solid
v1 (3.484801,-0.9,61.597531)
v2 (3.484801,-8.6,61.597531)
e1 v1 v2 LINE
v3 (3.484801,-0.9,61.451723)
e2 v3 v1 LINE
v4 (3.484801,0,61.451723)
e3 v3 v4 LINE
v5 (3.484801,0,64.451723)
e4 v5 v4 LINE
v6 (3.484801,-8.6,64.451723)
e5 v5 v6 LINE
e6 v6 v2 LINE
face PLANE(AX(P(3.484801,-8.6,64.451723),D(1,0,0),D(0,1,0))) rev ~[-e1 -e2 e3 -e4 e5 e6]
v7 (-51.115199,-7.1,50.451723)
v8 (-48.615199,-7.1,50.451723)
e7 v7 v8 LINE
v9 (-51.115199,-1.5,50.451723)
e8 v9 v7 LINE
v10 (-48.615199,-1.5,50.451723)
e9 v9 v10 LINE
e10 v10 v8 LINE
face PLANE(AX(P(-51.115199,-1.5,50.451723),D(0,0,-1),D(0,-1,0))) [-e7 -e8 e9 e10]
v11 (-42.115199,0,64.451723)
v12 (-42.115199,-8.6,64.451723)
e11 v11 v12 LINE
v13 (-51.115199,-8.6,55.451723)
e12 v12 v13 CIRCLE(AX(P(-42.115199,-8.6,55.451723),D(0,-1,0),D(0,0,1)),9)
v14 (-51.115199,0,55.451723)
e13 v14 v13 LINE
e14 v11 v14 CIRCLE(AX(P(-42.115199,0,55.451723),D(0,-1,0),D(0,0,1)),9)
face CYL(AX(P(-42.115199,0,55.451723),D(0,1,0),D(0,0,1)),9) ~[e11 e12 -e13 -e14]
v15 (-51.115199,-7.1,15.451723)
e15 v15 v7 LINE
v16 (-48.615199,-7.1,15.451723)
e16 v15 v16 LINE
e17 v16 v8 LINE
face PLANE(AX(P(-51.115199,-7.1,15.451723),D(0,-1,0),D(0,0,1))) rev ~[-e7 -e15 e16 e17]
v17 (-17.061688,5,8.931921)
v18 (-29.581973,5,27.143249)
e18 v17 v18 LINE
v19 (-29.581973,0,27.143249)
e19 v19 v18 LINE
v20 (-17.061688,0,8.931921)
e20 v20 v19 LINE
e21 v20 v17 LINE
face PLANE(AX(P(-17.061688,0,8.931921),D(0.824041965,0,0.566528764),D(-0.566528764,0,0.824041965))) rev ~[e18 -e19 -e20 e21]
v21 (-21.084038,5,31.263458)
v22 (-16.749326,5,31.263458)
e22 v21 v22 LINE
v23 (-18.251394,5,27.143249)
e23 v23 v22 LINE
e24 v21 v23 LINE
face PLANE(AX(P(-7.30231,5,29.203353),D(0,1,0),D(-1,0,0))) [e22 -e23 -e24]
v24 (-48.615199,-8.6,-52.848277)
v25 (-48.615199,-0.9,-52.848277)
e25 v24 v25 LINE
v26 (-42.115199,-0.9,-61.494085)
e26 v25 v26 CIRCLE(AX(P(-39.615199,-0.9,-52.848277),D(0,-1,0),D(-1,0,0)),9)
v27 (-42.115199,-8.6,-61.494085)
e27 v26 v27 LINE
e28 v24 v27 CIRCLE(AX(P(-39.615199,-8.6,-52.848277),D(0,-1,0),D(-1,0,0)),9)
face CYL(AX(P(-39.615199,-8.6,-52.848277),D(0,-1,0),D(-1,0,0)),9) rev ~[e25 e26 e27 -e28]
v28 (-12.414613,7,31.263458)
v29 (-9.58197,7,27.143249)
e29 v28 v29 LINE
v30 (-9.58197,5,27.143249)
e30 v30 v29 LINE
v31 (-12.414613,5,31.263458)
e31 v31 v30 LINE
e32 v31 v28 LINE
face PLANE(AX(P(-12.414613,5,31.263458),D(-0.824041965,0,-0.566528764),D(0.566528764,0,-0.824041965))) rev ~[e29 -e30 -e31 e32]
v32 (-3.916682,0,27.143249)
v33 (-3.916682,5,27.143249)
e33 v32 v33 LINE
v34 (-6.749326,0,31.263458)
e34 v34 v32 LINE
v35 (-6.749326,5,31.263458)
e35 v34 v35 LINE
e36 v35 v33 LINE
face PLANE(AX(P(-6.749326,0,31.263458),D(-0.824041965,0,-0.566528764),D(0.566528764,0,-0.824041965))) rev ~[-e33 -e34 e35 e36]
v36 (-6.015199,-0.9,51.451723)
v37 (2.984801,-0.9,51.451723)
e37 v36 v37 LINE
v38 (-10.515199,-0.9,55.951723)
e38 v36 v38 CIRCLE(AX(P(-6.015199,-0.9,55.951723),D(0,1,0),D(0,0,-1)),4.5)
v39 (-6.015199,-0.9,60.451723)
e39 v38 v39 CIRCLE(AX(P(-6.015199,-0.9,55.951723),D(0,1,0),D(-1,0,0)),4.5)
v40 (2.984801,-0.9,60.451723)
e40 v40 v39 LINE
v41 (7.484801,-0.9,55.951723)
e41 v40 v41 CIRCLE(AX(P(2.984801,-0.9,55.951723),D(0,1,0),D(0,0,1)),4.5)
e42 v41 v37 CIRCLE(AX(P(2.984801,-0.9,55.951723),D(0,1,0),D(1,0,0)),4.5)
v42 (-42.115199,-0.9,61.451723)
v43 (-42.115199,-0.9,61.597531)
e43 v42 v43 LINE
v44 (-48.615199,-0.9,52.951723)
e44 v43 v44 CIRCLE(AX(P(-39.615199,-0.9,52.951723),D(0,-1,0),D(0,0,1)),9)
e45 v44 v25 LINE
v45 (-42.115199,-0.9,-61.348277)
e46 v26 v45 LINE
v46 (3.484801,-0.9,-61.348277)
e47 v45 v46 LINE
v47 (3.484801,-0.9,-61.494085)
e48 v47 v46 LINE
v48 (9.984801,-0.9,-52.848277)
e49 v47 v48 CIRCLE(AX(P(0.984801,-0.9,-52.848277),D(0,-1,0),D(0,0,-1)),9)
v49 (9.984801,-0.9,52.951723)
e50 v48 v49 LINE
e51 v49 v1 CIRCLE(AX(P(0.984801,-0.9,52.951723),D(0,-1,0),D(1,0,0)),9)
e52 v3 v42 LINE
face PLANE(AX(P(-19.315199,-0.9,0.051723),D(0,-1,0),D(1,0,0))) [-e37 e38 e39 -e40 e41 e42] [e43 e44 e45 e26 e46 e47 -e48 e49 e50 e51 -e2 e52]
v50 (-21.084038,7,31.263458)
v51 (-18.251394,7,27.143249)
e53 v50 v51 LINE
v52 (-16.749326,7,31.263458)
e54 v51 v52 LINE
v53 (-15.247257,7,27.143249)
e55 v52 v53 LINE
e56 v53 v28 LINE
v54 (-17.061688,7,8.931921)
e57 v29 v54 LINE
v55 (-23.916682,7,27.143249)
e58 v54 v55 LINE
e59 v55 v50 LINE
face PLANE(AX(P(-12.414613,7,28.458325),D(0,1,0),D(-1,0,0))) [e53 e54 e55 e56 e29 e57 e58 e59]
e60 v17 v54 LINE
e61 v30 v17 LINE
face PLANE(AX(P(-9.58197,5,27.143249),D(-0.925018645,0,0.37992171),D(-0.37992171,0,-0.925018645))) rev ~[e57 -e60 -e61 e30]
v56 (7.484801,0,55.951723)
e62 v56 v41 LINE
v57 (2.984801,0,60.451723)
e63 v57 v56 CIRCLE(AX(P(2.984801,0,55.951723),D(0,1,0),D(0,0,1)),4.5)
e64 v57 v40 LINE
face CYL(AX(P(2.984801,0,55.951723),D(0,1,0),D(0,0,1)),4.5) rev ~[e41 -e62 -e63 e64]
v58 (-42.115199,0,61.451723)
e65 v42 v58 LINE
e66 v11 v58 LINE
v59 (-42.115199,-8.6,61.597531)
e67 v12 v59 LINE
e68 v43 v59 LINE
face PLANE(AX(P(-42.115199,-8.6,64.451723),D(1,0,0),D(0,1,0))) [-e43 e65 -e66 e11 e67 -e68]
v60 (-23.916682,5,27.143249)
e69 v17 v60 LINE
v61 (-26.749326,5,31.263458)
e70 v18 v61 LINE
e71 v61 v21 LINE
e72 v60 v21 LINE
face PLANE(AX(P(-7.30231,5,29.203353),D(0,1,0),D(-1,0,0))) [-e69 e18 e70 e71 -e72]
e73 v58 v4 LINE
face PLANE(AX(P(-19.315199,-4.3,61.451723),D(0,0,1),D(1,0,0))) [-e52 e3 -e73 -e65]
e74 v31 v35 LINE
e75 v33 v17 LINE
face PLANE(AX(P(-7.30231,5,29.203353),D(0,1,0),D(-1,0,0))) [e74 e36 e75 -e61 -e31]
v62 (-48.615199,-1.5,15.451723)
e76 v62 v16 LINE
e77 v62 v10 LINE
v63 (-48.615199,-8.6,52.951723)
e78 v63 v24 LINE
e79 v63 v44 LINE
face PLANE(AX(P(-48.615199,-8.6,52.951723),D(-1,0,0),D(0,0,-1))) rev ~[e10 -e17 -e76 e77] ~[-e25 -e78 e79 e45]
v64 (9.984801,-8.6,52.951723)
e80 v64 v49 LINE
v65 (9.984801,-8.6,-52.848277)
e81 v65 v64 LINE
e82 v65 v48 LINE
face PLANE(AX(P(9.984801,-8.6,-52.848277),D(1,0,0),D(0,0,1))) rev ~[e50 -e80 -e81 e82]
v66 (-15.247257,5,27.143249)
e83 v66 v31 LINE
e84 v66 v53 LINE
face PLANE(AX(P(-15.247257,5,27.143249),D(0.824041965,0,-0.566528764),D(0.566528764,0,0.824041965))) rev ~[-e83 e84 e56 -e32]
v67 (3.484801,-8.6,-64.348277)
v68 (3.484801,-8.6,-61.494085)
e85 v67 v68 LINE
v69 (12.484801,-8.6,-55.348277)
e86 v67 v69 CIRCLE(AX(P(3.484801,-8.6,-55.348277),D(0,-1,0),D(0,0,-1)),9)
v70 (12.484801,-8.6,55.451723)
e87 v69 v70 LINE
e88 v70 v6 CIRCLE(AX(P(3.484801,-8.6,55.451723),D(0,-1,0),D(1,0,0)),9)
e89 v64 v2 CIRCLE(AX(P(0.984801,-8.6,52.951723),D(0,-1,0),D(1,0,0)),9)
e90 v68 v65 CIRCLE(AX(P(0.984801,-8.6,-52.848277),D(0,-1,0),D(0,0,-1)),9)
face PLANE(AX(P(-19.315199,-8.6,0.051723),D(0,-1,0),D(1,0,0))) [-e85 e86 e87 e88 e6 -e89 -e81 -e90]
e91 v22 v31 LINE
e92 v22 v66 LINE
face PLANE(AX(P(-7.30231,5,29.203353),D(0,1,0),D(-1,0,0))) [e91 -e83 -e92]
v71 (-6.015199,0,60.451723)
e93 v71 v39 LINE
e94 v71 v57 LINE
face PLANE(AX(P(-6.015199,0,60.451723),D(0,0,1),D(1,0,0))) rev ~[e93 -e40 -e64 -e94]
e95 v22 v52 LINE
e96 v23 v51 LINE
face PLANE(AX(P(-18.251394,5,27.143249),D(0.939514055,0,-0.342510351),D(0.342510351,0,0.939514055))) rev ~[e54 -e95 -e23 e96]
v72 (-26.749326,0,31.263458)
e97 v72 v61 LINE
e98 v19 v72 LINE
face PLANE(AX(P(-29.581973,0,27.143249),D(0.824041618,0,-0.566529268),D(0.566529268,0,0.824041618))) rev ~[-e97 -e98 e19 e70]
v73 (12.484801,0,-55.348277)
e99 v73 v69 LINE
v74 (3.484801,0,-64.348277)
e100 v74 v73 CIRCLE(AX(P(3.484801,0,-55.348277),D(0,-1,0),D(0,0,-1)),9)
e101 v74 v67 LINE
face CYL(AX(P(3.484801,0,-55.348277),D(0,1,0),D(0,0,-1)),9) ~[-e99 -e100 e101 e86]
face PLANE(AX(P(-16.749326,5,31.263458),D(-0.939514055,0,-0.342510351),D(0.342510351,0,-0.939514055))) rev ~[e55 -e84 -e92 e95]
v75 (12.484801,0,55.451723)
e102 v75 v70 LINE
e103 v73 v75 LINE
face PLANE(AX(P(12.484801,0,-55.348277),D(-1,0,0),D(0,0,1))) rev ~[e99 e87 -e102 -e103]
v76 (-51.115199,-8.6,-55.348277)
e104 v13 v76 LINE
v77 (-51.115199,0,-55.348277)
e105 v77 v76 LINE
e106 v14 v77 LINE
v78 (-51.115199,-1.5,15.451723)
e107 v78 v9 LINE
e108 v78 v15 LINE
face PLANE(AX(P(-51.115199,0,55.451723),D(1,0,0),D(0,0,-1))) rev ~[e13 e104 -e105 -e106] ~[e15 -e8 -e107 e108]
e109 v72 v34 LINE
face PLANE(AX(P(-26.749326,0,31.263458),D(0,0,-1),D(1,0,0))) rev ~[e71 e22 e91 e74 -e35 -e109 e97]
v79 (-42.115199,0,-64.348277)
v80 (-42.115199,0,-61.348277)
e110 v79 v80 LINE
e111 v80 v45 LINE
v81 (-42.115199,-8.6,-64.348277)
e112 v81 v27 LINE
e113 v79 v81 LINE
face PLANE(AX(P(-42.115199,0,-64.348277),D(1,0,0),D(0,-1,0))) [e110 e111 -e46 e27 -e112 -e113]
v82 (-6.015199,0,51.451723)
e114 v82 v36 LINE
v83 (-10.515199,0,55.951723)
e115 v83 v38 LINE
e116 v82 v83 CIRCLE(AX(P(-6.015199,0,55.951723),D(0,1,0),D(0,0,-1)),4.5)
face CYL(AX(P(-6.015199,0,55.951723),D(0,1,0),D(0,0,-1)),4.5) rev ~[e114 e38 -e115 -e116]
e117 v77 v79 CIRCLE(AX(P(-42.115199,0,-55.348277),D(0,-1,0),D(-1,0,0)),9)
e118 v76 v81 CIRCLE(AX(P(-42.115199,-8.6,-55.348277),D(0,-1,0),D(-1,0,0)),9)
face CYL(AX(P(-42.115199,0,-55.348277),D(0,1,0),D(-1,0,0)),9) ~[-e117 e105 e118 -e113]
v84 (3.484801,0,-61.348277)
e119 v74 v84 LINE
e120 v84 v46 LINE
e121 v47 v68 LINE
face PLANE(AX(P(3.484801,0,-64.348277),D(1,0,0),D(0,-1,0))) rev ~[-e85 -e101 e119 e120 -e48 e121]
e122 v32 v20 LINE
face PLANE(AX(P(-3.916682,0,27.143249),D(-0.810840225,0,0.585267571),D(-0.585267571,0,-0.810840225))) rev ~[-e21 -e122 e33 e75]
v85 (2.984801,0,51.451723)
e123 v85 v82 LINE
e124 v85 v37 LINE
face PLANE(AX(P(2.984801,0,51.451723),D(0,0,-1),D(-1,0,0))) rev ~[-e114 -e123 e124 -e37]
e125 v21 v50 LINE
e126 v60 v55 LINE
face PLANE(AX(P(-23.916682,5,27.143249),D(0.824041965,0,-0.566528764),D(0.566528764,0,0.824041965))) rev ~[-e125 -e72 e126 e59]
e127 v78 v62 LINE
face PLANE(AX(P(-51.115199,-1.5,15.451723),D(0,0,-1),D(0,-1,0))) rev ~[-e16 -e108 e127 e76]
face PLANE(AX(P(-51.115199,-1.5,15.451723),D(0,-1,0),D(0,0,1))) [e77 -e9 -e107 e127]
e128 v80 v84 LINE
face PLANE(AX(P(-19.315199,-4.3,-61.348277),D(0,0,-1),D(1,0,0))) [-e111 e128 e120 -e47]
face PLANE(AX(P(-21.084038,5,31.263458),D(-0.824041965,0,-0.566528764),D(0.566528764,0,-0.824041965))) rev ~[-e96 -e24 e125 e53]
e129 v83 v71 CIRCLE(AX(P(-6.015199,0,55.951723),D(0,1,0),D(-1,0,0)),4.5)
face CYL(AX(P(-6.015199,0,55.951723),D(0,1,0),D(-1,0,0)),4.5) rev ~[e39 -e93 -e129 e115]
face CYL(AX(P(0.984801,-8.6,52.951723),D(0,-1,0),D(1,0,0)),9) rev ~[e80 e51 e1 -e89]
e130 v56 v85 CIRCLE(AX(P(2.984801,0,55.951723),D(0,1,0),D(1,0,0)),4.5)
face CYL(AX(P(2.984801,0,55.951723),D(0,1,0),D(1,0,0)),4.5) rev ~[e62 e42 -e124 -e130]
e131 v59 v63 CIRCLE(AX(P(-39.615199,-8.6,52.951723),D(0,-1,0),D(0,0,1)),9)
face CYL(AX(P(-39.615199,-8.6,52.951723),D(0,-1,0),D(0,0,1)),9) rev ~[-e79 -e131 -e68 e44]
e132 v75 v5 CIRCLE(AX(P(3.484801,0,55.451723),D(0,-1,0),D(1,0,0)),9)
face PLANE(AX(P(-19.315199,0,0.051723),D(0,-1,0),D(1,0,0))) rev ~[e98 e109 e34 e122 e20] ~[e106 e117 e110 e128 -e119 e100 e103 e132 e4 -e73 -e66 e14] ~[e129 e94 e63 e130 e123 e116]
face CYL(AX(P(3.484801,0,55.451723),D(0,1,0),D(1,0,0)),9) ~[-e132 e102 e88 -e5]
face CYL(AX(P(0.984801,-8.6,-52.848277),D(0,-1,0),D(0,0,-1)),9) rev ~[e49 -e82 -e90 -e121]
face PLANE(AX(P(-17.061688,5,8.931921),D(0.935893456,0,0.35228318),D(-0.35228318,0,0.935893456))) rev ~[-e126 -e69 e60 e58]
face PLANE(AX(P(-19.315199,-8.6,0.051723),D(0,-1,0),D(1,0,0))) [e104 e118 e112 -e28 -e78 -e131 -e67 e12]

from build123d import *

# Parameters (mm, degrees)
F1_DEPTH  = 8.6
F3_DEPTH  = 7.7
F5_DEPTH  = 5
F6_W      = 45.6
F6_H      = 8.6
F7_DEPTH  = 3
F8_W      = 5.6
F8_H      = 35
F9_DEPTH  = 14.2
F10_W     = 45.6
F10_H     = 8.6
F11_DEPTH = 3
F13_DEPTH = 5
F15_DEPTH = 2


with BuildPart() as f1:
    # F0 (on Front) → F1 (new body)
    with BuildSketch(Plane.XZ):
        with BuildLine():
            Line((3.4848013847, 64.4517231077), (-42.1151986153, 64.4517231077))
            ThreePointArc((-42.1151986153, 64.4517231077), (-48.479159646, 61.8156841384), (-51.1151986153, 55.4517231077))
            Line((-51.1151986153, 55.4517231077), (-51.1151986153, -55.3482768923))
            ThreePointArc((-51.1151986153, -55.3482768923), (-48.479159646, -61.712237923), (-42.1151986153, -64.3482768923))
            Line((-42.1151986153, -64.3482768923), (3.4848013847, -64.3482768923))
            ThreePointArc((3.4848013847, -64.3482768923), (9.8487624154, -61.712237923), (12.4848013847, -55.3482768923))
            Line((12.4848013847, -55.3482768923), (12.4848013847, 55.4517231077))
            ThreePointArc((12.4848013847, 55.4517231077), (9.8487624154, 61.8156841384), (3.4848013847, 64.4517231077))
        make_face()
    extrude(amount=F1_DEPTH)

    # F2 (on face) → F3 (cut)
    with BuildSketch(Plane.XZ.offset(8.6)):
        with BuildLine():
            Line((0.9848013847, 61.9517231077), (-39.6151986153, 61.9517231077))
            ThreePointArc((-39.6151986153, 61.9517231077), (-45.979159646, 59.3156841384), (-48.6151986153, 52.9517231077))
            Line((-48.6151986153, 52.9517231077), (-48.6151986153, -52.8482768923))
            ThreePointArc((-48.6151986153, -52.8482768923), (-45.979159646, -59.212237923), (-39.6151986153, -61.8482768923))
            Line((-39.6151986153, -61.8482768923), (0.9848013847, -61.8482768923))
            ThreePointArc((0.9848013847, -61.8482768923), (7.3487624154, -59.212237923), (9.9848013847, -52.8482768923))
            Line((9.9848013847, -52.8482768923), (9.9848013847, 52.9517231077))
            ThreePointArc((9.9848013847, 52.9517231077), (7.3487624154, 59.3156841384), (0.9848013847, 61.9517231077))
        make_face()
    extrude(amount=-F3_DEPTH, mode=Mode.SUBTRACT)

    # F4 (on face) → F5 (cut)
    with BuildSketch(Plane(origin=(0, 0, 0), x_dir=(-1, 0, 0), z_dir=(0, 1, 0))):
        with BuildLine():
            Line((6.0151986153, 60.4517231077), (-2.9848013847, 60.4517231077))
            ThreePointArc((-2.9848013847, 60.4517231077), (-6.1667819, 59.133703623), (-7.4848013847, 55.9517231077))
            ThreePointArc((-7.4848013847, 55.9517231077), (-6.1667819, 52.7697425924), (-2.9848013847, 51.4517231077))
            Line((-2.9848013847, 51.4517231077), (6.0151986153, 51.4517231077))
            ThreePointArc((6.0151986153, 51.4517231077), (9.1971791307, 52.7697425924), (10.5151986153, 55.9517231077))
            ThreePointArc((10.5151986153, 55.9517231077), (9.1971791307, 59.133703623), (6.0151986153, 60.4517231077))
        make_face()
    extrude(amount=-F5_DEPTH, mode=Mode.SUBTRACT)

    # F6 (on face) → F7 (cut)
    with BuildSketch(Plane(origin=(0, 0, -64.3482768923), x_dir=(1, 0, 0), z_dir=(0, 0, -1))):
        with Locations((-19.3151986153, 4.3)):
            Rectangle(F6_W, F6_H)
    extrude(amount=-F7_DEPTH, mode=Mode.SUBTRACT)

    # F8 (on face) → F9 (cut)
    with BuildSketch(Plane(origin=(-51.1151986153, 0, 0), x_dir=(0, -1, 0), z_dir=(-1, 0, 0))):
        with Locations((4.3, 32.9517231077)):
            Rectangle(F8_W, F8_H)
    extrude(amount=-F9_DEPTH, mode=Mode.SUBTRACT)

    # F10 (on face) → F11 (cut)
    with BuildSketch(Plane.XY.offset(64.4517231077)):
        with Locations((-19.3151986153, -4.3)):
            Rectangle(F10_W, F10_H)
    extrude(amount=-F11_DEPTH, mode=Mode.SUBTRACT)

    # F12 (on face) → F13 (join)
    with BuildSketch(Plane(origin=(0, 0, 0), x_dir=(-1, 0, 0), z_dir=(0, 1, 0))):
        Polygon((10.6879380899, 31.2634583622), (6.749325754, 31.2634583622), (3.9166819364, 27.1432485372), (7.8552942723, 27.1432485372), align=None)
        Polygon((13.5205856233, 27.1432485372), (10.6879380899, 31.2634583622), (7.8552942723, 27.1432485372), align=None)
        Polygon((16.3532294408, 31.2634583622), (10.6879380899, 31.2634583622), (13.5205856233, 27.1432485372), align=None)
        Polygon((7.8552942723, 27.1432485372), (3.9166819364, 27.1432485372), (17.0616876136, 8.9319211103), align=None)
        Polygon((19.2072947722, 27.1432485372), (16.3532294408, 31.2634583622), (13.5205856233, 27.1432485372), align=None)
        Polygon((22.0399385898, 31.2634583622), (16.3532294408, 31.2634583622), (19.2072947722, 27.1432485372), align=None)
        Polygon((13.5205856233, 27.1432485372), (7.8552942723, 27.1432485372), (17.0616876136, 8.9319211103), align=None)
        Polygon((19.2072947722, 27.1432485372), (13.5205856233, 27.1432485372), (17.0616876136, 8.9319211103), align=None)
        Polygon((24.8940039212, 27.1432485372), (17.0616876136, 8.9319211103), (29.5819732873, 27.1432485372), align=None)
        Polygon((19.2072947722, 27.1432485372), (17.0616876136, 8.9319211103), (24.8940039212, 27.1432485372), align=None)
        Polygon((24.8940039212, 27.1432485372), (22.0399385898, 31.2634583622), (19.2072947722, 27.1432485372), align=None)
        Polygon((26.749325754, 31.2634583622), (22.0399385898, 31.2634583622), (24.8940039212, 27.1432485372), (29.5819732873, 27.1432485372), align=None)
    extrude(amount=F13_DEPTH)

    # F14 (on face) → F15 (join)
    with BuildSketch(Plane(origin=(0, 5, 0), x_dir=(-1, 0, 0), z_dir=(0, 1, 0))):
        Polygon((12.4146133892, 31.2634583622), (9.5819695716, 27.1432485372), (15.2472572067, 27.1432485372), align=None)
        Polygon((15.2472572067, 27.1432485372), (9.5819695716, 27.1432485372), (17.0616876136, 8.9319211103), align=None)
        Polygon((16.749325754, 31.2634583622), (15.2472572067, 27.1432485372), (18.2513943012, 27.1432485372), align=None)
        Polygon((18.2513943012, 27.1432485372), (15.2472572067, 27.1432485372), (17.0616876136, 8.9319211103), align=None)
        Polygon((18.2513943012, 27.1432485372), (17.0616876136, 8.9319211103), (23.9166819364, 27.1432485372), align=None)
        Polygon((21.0840381188, 31.2634583622), (18.2513943012, 27.1432485372), (23.9166819364, 27.1432485372), align=None)
    extrude(amount=F15_DEPTH)


solid = f1.part
